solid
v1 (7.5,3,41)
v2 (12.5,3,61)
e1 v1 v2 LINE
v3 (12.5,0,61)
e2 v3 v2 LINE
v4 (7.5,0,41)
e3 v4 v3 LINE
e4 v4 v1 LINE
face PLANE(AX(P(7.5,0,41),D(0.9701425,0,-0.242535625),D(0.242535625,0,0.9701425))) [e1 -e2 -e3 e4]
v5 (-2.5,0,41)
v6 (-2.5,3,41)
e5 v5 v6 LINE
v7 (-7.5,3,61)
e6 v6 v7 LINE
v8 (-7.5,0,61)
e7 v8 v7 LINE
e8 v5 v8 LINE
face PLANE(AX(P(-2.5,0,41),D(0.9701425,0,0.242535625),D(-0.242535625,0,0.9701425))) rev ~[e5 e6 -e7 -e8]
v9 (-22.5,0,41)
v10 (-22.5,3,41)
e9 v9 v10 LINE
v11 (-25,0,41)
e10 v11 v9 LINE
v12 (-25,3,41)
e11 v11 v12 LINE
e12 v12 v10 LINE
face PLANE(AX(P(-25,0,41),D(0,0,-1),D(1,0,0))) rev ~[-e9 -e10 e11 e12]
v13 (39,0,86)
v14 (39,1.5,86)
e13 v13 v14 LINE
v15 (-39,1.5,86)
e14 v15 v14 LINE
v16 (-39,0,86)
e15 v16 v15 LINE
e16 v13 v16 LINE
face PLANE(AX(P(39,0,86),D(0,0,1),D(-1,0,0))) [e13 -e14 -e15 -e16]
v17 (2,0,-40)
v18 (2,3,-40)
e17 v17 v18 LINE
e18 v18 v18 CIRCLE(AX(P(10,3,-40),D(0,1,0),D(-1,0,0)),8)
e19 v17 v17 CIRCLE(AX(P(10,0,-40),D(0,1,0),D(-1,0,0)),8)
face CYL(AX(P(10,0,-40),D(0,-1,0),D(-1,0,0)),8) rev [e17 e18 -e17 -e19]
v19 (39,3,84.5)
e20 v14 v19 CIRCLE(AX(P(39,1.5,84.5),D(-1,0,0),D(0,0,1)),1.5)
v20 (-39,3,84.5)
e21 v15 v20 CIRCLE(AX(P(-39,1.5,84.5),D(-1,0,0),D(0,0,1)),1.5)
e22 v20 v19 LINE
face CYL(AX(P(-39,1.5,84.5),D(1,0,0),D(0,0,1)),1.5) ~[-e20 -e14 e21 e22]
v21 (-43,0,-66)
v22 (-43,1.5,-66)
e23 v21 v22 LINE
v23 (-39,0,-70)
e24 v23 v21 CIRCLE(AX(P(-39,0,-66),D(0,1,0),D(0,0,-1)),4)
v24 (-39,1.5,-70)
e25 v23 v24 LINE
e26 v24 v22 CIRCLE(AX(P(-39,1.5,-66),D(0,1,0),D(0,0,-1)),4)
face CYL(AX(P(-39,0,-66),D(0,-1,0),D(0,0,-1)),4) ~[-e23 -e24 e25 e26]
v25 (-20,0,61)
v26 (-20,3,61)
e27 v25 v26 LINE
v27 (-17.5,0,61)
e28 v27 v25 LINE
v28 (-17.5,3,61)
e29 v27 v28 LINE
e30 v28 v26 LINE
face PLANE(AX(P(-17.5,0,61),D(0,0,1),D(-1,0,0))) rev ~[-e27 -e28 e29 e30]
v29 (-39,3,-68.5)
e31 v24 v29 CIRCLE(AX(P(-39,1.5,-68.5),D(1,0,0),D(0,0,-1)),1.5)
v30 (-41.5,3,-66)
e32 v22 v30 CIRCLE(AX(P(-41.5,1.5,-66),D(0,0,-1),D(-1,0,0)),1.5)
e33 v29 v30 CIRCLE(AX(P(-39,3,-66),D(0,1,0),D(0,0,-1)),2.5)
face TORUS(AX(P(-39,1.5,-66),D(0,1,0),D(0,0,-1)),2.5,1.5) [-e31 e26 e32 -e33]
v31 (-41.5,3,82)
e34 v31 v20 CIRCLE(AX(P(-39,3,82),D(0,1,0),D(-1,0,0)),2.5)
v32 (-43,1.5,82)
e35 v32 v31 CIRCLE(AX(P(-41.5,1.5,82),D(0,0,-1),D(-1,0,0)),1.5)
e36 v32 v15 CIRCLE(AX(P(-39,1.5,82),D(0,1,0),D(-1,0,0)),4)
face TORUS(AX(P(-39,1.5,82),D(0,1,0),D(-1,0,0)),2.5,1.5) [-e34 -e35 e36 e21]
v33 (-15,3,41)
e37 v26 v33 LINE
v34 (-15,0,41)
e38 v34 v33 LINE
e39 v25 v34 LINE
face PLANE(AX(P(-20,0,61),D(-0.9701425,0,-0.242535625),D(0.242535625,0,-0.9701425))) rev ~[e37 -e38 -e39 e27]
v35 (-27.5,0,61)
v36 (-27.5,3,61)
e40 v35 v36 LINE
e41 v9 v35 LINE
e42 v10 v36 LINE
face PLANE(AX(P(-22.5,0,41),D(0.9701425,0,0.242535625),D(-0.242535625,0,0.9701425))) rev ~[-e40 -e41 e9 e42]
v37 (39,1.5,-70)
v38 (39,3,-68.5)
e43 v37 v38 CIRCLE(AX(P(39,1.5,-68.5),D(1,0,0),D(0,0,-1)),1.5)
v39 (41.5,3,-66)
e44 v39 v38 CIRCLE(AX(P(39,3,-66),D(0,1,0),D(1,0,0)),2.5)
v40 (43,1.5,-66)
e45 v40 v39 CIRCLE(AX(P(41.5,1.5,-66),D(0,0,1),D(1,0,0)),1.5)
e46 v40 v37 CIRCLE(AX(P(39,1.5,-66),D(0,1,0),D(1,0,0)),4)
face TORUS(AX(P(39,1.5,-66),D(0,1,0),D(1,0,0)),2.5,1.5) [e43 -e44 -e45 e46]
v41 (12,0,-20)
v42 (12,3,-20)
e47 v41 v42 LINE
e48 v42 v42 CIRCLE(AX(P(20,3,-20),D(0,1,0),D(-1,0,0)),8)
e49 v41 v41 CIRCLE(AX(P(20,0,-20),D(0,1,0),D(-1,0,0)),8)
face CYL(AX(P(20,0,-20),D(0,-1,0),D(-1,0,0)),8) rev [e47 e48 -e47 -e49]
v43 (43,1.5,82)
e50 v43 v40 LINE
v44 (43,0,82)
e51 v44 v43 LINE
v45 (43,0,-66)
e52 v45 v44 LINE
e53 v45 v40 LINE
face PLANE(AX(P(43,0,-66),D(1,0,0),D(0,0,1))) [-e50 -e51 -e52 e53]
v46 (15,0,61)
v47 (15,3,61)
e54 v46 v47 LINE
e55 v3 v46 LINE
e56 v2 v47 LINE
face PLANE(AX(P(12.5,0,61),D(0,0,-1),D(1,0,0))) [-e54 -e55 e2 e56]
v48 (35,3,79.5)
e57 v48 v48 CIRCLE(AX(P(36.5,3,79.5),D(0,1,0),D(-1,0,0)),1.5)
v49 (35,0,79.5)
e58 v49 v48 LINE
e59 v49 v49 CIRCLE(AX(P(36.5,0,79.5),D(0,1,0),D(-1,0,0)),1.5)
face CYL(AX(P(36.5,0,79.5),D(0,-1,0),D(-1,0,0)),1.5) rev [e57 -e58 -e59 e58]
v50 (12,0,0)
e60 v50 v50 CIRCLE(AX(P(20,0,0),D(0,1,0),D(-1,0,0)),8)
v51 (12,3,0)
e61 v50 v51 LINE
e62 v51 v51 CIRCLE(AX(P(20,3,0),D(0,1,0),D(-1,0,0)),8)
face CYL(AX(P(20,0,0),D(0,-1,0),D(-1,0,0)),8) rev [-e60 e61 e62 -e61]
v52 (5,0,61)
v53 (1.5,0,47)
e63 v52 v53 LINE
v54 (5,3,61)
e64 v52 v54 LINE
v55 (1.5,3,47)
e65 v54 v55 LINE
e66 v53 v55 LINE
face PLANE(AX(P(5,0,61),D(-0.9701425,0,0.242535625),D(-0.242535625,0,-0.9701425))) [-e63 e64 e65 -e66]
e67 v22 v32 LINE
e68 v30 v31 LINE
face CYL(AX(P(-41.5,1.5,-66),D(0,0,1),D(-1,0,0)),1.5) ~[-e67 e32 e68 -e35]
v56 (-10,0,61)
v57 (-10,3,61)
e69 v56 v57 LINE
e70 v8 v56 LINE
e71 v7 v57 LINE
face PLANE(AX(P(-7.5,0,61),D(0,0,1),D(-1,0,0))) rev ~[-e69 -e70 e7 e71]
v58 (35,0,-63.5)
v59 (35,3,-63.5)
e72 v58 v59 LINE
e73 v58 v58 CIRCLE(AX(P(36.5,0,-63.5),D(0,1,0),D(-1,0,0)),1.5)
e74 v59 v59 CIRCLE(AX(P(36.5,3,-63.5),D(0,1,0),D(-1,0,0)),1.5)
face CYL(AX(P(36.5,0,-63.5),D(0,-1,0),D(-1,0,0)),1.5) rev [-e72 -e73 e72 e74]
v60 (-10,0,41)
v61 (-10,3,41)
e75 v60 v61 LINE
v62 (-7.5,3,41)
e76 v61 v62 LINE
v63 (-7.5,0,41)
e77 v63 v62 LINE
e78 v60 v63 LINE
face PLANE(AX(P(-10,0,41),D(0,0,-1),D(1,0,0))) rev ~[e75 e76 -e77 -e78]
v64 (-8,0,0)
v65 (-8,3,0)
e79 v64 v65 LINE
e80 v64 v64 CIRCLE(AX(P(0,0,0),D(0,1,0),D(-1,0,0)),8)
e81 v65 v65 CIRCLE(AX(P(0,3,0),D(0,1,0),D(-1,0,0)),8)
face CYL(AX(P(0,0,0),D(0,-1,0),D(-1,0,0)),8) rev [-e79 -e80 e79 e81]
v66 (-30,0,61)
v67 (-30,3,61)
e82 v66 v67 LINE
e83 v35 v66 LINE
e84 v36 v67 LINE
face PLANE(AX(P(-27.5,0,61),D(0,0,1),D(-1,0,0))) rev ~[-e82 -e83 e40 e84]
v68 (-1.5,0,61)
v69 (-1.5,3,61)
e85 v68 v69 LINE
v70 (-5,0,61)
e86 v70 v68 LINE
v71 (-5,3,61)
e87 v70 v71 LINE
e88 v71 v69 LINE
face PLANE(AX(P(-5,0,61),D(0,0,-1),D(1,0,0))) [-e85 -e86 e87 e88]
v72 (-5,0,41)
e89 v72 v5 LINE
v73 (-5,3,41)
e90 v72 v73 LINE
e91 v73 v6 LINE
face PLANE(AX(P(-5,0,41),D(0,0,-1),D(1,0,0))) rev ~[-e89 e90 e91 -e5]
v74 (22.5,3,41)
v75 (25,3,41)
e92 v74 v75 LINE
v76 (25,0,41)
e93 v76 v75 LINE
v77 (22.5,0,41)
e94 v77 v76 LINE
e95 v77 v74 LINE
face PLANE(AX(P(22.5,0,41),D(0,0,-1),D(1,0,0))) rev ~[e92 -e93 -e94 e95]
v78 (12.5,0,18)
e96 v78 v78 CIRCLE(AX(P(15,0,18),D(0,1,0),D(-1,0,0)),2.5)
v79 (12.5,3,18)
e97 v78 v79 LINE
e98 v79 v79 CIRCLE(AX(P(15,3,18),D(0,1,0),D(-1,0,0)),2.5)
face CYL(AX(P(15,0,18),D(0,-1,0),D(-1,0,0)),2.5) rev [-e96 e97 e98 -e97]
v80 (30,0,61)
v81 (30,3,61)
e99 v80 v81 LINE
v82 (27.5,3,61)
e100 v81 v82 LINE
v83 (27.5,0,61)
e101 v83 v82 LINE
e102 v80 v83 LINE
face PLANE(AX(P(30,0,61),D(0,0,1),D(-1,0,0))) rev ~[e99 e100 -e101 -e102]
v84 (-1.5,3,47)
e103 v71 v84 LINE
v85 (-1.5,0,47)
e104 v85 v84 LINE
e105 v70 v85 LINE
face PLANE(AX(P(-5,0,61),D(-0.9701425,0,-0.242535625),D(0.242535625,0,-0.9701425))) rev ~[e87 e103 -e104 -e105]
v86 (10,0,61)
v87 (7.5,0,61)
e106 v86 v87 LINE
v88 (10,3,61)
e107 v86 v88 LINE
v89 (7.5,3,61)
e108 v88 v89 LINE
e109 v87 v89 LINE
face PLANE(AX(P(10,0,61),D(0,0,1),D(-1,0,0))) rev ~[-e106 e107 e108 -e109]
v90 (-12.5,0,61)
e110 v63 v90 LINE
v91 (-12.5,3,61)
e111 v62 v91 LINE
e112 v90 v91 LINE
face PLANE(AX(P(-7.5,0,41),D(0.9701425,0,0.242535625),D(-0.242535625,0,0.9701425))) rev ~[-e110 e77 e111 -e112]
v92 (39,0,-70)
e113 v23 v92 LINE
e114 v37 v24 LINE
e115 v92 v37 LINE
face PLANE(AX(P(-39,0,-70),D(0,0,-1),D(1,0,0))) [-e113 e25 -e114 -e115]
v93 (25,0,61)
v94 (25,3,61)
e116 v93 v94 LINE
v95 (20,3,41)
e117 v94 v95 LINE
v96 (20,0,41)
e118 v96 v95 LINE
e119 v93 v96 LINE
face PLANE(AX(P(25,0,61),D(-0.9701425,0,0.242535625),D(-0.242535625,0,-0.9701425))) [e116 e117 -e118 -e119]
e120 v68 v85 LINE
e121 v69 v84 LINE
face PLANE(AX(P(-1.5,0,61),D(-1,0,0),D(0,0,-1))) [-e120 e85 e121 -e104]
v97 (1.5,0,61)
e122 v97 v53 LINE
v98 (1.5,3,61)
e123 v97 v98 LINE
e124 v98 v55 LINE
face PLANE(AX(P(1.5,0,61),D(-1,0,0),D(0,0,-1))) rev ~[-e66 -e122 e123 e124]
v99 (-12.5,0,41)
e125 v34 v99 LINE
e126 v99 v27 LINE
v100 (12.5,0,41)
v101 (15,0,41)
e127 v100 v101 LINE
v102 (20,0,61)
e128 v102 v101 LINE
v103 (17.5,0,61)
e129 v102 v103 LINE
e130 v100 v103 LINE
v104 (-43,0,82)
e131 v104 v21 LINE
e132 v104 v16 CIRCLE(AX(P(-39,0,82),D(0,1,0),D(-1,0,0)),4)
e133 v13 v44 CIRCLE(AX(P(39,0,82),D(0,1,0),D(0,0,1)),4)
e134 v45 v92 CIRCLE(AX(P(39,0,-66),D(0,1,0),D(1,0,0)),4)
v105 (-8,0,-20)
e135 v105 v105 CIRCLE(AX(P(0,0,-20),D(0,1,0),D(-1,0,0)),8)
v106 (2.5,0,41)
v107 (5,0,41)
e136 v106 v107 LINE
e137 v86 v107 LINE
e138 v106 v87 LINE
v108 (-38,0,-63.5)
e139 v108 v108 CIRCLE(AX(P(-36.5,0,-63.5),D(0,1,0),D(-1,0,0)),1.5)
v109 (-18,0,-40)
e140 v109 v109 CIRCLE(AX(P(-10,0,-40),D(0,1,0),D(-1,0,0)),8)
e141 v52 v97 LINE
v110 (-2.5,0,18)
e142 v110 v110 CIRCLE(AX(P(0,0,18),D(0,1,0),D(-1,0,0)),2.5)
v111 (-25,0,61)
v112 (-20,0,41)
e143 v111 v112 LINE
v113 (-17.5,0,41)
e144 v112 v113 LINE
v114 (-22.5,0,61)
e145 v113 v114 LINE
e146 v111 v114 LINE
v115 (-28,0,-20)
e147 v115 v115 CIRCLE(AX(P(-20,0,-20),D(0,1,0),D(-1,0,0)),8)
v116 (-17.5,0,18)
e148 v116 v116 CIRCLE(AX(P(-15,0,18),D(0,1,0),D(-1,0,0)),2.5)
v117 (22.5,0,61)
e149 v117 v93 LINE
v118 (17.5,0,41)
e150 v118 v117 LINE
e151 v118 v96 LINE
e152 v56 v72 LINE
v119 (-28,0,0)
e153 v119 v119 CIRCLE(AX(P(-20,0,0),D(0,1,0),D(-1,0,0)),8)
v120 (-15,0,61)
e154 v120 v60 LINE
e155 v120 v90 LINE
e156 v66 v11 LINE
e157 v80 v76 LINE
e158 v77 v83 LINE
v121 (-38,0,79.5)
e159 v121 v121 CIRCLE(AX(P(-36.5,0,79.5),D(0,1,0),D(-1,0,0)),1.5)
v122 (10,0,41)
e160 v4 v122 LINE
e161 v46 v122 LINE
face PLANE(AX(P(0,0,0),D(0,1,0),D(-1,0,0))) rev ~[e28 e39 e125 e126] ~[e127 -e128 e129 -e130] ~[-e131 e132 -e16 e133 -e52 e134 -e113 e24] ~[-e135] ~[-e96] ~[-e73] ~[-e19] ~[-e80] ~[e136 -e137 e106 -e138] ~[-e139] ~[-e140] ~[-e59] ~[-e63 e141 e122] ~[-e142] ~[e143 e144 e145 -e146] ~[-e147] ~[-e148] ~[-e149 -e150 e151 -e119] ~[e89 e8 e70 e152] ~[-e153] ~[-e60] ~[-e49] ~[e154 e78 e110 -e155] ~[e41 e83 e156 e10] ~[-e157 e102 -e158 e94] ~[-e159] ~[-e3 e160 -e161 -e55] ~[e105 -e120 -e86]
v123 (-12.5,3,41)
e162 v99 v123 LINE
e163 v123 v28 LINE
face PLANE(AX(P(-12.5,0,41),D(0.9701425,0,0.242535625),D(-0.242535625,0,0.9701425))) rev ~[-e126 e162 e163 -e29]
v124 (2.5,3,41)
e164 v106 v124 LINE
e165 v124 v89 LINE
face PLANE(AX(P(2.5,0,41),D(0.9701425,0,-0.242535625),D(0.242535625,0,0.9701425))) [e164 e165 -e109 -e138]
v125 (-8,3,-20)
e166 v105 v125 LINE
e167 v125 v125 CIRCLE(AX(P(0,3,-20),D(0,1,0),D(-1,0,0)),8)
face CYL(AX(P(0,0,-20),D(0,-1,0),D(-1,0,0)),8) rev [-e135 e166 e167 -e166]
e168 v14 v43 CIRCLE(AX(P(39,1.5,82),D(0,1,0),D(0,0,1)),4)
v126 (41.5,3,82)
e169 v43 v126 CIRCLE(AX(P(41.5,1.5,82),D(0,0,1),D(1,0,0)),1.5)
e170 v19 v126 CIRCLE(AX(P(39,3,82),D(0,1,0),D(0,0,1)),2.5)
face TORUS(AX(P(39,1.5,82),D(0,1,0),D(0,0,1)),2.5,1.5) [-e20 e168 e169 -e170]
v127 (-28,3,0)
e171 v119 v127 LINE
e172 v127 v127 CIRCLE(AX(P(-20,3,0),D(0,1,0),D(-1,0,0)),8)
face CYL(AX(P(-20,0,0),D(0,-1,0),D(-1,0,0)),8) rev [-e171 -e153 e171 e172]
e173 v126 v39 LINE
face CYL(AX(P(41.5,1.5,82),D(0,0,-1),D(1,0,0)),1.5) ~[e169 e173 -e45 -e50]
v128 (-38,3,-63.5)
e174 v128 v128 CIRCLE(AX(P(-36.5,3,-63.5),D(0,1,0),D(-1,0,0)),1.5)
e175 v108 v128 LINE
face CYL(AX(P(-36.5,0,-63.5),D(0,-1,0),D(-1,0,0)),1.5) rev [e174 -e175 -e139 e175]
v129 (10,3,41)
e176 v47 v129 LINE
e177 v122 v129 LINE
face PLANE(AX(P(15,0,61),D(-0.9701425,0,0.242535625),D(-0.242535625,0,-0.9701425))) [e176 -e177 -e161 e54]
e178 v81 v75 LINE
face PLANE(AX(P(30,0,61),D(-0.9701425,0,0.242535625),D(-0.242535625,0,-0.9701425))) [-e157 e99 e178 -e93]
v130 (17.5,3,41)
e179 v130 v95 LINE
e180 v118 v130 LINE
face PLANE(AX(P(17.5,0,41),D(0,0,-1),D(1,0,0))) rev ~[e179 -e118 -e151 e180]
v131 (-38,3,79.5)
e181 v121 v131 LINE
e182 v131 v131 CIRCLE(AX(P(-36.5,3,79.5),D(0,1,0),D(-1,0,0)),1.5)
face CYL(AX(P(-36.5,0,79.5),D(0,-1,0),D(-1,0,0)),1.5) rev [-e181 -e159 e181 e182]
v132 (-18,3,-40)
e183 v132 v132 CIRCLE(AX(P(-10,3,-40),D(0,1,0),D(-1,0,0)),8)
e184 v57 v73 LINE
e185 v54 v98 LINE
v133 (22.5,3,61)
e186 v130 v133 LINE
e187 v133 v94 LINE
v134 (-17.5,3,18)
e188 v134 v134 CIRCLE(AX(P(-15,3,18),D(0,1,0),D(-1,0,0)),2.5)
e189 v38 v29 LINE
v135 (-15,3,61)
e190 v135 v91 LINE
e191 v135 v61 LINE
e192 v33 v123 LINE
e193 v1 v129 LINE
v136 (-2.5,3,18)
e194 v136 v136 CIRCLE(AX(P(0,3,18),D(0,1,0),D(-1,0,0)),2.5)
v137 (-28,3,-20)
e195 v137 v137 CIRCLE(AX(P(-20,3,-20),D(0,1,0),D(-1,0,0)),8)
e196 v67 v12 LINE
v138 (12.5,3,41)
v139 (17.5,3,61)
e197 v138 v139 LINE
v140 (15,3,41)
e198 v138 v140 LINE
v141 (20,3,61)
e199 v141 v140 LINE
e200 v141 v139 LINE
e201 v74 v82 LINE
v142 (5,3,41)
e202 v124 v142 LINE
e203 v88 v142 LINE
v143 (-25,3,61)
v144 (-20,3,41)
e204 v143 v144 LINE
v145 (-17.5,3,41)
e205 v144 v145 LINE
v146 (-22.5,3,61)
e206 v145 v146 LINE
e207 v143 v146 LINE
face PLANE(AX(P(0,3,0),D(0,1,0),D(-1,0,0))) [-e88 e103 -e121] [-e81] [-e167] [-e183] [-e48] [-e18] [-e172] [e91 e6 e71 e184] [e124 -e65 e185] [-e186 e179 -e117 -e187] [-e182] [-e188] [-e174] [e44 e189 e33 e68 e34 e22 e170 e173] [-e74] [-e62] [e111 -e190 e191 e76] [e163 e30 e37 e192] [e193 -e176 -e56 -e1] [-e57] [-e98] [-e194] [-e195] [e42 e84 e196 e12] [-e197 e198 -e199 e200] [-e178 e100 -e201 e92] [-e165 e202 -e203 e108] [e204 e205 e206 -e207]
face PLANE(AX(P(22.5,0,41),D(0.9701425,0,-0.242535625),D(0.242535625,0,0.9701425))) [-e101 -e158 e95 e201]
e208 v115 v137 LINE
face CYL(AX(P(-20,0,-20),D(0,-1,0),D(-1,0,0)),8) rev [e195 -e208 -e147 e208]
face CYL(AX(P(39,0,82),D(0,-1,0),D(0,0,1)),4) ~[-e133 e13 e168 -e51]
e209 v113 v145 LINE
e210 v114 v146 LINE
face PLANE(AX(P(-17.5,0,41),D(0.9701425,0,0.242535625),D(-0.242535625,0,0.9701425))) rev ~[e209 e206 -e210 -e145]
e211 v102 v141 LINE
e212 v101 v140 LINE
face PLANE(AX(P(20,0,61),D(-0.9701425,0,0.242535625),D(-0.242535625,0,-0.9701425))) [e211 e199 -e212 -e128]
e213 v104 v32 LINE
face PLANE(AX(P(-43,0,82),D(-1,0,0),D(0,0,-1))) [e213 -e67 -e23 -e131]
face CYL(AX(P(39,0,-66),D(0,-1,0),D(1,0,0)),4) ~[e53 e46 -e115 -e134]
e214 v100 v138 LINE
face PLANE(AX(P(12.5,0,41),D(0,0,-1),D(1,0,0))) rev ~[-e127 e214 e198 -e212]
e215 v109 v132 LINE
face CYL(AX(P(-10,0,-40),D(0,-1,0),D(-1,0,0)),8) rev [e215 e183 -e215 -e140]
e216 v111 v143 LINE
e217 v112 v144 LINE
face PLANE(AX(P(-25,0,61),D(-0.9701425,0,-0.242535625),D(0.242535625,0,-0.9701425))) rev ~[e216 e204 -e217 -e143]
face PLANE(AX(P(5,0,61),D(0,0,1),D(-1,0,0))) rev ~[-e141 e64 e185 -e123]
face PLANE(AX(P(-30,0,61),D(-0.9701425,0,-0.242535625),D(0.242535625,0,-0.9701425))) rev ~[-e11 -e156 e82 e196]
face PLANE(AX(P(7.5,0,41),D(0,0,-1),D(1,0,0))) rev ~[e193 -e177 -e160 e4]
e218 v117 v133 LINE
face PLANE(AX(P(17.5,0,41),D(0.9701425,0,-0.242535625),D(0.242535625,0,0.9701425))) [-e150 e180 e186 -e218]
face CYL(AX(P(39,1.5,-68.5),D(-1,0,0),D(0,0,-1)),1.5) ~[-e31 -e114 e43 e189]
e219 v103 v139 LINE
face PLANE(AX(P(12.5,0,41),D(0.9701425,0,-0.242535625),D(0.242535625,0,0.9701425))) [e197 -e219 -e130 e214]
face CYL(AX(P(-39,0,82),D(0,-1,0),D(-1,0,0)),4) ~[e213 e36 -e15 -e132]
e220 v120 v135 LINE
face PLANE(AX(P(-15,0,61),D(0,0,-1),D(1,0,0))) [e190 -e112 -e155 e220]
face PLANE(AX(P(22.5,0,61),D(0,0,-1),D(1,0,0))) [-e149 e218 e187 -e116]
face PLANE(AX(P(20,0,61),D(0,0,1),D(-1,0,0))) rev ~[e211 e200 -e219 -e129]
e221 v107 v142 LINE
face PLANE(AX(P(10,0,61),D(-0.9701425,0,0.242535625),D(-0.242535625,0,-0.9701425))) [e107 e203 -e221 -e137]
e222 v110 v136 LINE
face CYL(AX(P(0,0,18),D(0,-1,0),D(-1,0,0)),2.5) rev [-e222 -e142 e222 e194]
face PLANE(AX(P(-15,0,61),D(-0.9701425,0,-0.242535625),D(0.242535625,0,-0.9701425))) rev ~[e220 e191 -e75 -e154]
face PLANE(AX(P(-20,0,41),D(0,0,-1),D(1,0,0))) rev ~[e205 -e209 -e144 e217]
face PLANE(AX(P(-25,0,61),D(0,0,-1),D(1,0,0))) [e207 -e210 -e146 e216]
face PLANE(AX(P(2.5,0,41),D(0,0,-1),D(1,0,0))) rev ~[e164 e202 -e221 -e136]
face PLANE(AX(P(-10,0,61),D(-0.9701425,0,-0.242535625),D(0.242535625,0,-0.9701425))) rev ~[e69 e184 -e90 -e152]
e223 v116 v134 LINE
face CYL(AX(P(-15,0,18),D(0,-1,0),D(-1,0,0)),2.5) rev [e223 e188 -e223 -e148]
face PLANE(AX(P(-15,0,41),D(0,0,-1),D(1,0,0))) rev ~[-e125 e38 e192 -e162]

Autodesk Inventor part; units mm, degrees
ref_plane "YZ Plane" through (0, 0, 0) normal (1, 0, 0) x (0, 1, 0)
ref_plane "XZ Plane" through (0, 0, 0) normal (0, 1, 0) x (-1, 0, 0)
ref_plane "XY Plane" through (0, 0, 0) normal (0, 0, 1) x (1, 0, 0)
sketch "Sketch2" plane through (0, 0, 0) normal (0, 1, 0) x (-1, 0, 0)
  line L0 (-39, 86) -> (39, 86)
  arc A0 (43, 82) -> (39, 86) centre (39, 82) ccw
  line L1 (43, 82) -> (43, -66)
  arc A1 (39, -70) -> (43, -66) centre (39, -66) ccw
  line L2 (39, -70) -> (-39, -70)
  arc A2 (-43, -66) -> (-39, -70) centre (-39, -66) ccw
  line L3 (-43, -66) -> (-43, 82)
  arc A3 (-39, 86) -> (-43, 82) centre (-39, 82) ccw
  circle A4 centre (-36.5, 79.5) radius 1.5
  circle A5 centre (36.5, 79.5) radius 1.5
  circle A6 centre (-36.5, -63.5) radius 1.5
  circle A7 centre (36.5, -63.5) radius 1.5
  line L4 (-30, 61) -> (-27.5, 61)
  line L5 (-30, 61) -> (-25, 41)
  line L6 (-25, 61) -> (-20, 41)
  line L7 (-20, 61) -> (-15, 41)
  line L8 (-15, 61) -> (-10, 41)
  line L9 (-10, 61) -> (-5, 41)
  line L10 (-5, 61) -> (-1.5, 47)
  line L11 (30, 61) -> (25, 41)
  line L12 (25, 61) -> (20, 41)
  line L13 (20, 61) -> (15, 41)
  line L14 (15, 61) -> (10, 41)
  line L15 (10, 61) -> (5, 41)
  line L16 (5, 61) -> (1.5, 47)
  line L17 (-20, 61) -> (-17.5, 61)
  line L18 (-22.5, 41) -> (-25, 41)
  line L19 (-10, 61) -> (-7.5, 61)
  line L20 (-12.5, 41) -> (-15, 41)
  line L21 (25, 41) -> (22.5, 41)
  line L22 (27.5, 61) -> (30, 61)
  line L23 (15, 41) -> (12.5, 41)
  line L24 (17.5, 61) -> (20, 61)
  line L25 (7.5, 61) -> (10, 61)
  line L26 (22.5, 41) -> (27.5, 61)
  line L27 (20, 41) -> (17.5, 41)
  line L28 (25, 61) -> (22.5, 61)
  line L29 (17.5, 41) -> (22.5, 61)
  line L30 (12.5, 41) -> (17.5, 61)
  line L31 (15, 61) -> (12.5, 61)
  line L32 (10, 41) -> (7.5, 41)
  line L33 (7.5, 41) -> (12.5, 61)
  line L34 (-22.5, 41) -> (-27.5, 61)
  line L35 (-12.5, 41) -> (-17.5, 61)
  line L36 (-22.5, 61) -> (-25, 61)
  line L37 (-17.5, 41) -> (-20, 41)
  line L38 (-17.5, 41) -> (-22.5, 61)
  line L39 (-7.5, 41) -> (-10, 41)
  line L40 (-12.5, 61) -> (-15, 61)
  line L41 (-7.5, 41) -> (-12.5, 61)
  line L42 (2.5, 41) -> (7.5, 61)
  line L43 (-2.5, 41) -> (-7.5, 61)
  line L44 (5, 41) -> (2.5, 41)
  line L45 (-2.5, 41) -> (-5, 41)
  line L46 (5, 61) -> (1.5, 61)
  line L47 (1.5, 61) -> (1.5, 47)
  line L48 (-5, 61) -> (-1.5, 61)
  line L49 (-1.5, 61) -> (-1.5, 47)
  circle A8 centre (15, 18) radius 2.5
  circle A9 centre (0, 18) radius 2.5
  circle A10 centre (-15, 18) radius 2.5
  circle A11 centre (10, -40) radius 8
  circle A12 centre (-10, -40) radius 8
  circle A13 centre (20, -20) radius 8
  circle A14 centre (0, -20) radius 8
  circle A15 centre (-20, -20) radius 8
  circle A16 centre (20, 0) radius 8
  circle A17 centre (0, 0) radius 8
  circle A18 centre (-20, 0) radius 8
  point P0 (-43, -66)
  point P1 (39, -70)
  point P2 (43, 82)
  dimension "d6" = 3.5
  dimension "d7" = 3.5
  dimension "d8" = 90
  dimension "d10" = 5
  dimension "d11" = 5
  dimension "d12" = 5
  dimension "d13" = 16
  dimension "d14" = 16
  dimension "d15" = 16
  dimension "d16" = 16
  dimension "d17" = 16
  dimension "d18" = 16
  dimension "d19" = 16
  dimension "d20" = 16
extrude "Extrusion2" add sketch "Sketch2" along normal blind 3
fillet "Fillet2" radius 1.5 8 edges at (41.8284, 3, -68.8284) (0, 3, -70) (-41.8284, 3, -68.8284) (-43, 3, 8) (-41.8284, 3, 84.8284) (0, 3, 86) (41.8284, 3, 84.8284) (43, 3, 8)
properties part number "TUTUP CASING"
